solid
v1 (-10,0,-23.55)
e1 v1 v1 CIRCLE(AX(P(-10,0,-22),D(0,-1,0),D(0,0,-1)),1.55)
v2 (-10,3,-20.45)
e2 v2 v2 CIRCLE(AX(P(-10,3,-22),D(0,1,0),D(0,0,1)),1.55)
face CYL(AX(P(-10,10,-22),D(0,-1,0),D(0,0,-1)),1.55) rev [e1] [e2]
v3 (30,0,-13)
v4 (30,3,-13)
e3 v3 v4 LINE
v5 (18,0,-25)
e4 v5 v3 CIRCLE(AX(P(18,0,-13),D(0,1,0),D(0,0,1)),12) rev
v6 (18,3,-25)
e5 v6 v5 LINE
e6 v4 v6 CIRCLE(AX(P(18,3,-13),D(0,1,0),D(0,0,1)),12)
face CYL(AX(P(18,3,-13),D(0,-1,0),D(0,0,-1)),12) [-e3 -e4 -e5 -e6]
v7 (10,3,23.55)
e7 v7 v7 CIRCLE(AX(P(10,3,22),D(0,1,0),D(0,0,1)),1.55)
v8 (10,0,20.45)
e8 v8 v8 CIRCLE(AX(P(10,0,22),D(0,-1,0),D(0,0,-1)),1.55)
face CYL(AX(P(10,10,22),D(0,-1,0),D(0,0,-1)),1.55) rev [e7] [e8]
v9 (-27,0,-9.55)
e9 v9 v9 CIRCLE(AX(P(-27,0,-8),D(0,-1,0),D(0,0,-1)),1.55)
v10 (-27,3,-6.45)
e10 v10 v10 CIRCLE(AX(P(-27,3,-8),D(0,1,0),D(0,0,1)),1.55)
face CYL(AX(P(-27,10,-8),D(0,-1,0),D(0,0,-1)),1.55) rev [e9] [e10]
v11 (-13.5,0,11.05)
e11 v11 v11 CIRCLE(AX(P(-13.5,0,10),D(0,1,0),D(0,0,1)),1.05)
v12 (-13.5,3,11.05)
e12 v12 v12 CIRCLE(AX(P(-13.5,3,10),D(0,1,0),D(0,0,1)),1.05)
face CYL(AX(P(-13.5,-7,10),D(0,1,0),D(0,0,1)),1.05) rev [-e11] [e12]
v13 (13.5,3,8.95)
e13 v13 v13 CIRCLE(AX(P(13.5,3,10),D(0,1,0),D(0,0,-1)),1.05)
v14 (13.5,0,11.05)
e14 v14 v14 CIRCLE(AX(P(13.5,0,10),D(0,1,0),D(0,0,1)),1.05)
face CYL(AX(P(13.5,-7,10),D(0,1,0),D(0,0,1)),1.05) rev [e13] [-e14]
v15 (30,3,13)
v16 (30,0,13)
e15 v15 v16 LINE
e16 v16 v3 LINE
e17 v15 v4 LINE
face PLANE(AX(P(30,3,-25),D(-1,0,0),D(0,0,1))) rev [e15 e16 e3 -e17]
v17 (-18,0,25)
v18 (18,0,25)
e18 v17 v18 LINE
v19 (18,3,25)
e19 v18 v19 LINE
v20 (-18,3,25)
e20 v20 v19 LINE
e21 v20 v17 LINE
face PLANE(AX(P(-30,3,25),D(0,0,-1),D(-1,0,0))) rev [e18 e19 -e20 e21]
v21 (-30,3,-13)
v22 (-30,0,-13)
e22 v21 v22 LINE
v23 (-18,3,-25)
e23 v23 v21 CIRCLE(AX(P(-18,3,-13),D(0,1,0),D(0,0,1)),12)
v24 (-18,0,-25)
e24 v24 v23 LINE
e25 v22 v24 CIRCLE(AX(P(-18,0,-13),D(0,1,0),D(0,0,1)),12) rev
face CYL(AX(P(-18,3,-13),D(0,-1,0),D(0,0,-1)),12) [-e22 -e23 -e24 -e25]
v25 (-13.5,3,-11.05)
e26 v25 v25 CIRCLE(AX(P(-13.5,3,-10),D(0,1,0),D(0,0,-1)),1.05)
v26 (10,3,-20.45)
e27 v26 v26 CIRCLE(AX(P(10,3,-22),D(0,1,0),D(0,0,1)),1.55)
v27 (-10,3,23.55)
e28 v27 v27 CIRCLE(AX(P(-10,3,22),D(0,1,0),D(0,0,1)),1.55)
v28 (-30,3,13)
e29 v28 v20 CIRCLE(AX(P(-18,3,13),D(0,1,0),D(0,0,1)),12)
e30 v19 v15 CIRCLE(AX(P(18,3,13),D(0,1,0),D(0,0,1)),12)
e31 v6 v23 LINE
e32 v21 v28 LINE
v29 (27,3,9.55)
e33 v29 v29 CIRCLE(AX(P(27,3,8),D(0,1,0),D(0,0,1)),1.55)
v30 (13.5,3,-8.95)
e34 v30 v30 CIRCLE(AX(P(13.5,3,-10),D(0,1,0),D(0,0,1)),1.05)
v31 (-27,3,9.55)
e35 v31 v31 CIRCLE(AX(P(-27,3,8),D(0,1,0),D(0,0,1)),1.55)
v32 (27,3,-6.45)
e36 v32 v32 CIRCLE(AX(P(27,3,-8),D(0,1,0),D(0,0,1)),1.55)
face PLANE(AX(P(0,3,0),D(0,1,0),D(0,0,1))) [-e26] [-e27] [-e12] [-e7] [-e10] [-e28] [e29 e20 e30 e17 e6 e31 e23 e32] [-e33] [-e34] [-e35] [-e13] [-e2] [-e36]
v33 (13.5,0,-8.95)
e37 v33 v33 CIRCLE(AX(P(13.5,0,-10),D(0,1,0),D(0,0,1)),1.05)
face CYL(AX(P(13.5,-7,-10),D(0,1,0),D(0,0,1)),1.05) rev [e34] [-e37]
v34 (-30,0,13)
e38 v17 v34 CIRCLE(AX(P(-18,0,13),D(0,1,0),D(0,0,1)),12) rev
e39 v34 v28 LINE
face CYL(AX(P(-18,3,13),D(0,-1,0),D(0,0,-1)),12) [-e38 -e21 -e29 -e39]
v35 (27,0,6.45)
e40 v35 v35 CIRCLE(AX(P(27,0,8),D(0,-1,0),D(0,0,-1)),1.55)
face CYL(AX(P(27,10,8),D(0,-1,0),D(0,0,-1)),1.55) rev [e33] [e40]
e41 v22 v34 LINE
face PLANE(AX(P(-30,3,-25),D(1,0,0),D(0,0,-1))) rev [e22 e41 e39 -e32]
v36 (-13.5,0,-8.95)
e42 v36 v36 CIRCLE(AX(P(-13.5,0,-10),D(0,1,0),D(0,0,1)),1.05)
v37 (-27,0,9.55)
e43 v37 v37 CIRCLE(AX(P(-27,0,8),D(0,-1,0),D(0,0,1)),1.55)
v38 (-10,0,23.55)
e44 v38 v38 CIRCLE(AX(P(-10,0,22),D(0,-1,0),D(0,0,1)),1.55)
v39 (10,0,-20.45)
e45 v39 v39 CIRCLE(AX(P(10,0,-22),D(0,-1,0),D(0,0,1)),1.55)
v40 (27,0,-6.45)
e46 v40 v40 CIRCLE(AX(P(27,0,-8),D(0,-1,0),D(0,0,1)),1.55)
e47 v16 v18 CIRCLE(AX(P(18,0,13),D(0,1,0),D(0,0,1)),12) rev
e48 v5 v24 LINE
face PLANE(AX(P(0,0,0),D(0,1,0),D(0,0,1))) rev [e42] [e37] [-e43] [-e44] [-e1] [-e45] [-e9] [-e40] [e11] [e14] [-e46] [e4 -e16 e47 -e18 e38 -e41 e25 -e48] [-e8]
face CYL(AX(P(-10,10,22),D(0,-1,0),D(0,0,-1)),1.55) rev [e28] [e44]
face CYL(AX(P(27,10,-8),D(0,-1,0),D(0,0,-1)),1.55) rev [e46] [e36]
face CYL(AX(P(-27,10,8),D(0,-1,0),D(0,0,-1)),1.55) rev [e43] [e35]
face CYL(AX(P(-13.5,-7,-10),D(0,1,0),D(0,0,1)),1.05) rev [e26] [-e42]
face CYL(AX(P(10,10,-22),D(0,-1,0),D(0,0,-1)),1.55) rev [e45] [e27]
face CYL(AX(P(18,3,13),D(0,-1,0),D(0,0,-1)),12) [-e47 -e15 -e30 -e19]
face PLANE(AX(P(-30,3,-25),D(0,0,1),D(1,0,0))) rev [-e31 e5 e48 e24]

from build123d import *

# Parameters (mm, degrees)
SKETCH_1_W          = 60
SKETCH_1_H          = 50
EXTRUDE_1_DEPTH     = 3
SKETCH_7_R          = 1.05
CUT_EXTRUDE_1_DEPTH = 10
SKETCH_8_R          = 1.55
CUT_EXTRUDE_2_DEPTH = 10
FILLET_1_R          = 12


with BuildPart() as part:
    # 草图1 → 凸台-拉伸1 (new body)
    with BuildSketch(Plane(origin=(0, 0, 0), x_dir=(1, 0, 0), z_dir=(0, 1, 0))):
        Rectangle(SKETCH_1_W, SKETCH_1_H)
    extrude(amount=EXTRUDE_1_DEPTH)

    # 草图7 → 切除-拉伸1 (cut)
    with BuildSketch(Plane(origin=(0, 3, 0), x_dir=(1, 0, 0), z_dir=(0, 1, 0))):
        with Locations((13.5, 10)):
            Circle(SKETCH_7_R)
        with Locations((-13.5, 10)):
            Circle(SKETCH_7_R)
        with Locations((-13.5, -10)):
            Circle(SKETCH_7_R)
        with Locations((13.5, -10)):
            Circle(SKETCH_7_R)
    extrude(amount=-CUT_EXTRUDE_1_DEPTH, mode=Mode.SUBTRACT)

    # 草图8 → 切除-拉伸2 (cut)
    with BuildSketch(Plane.XZ):
        with Locations((27, 8)):
            Circle(SKETCH_8_R)
        with Locations((10, 22)):
            Circle(SKETCH_8_R)
        with Locations((-10, 22)):
            Circle(SKETCH_8_R)
        with Locations((-27, 8)):
            Circle(SKETCH_8_R)
        with Locations((-27, -8)):
            Circle(SKETCH_8_R)
        with Locations((-10, -22)):
            Circle(SKETCH_8_R)
        with Locations((10, -22)):
            Circle(SKETCH_8_R)
        with Locations((27, -8)):
            Circle(SKETCH_8_R)
    extrude(amount=-CUT_EXTRUDE_2_DEPTH, mode=Mode.SUBTRACT)

    # 圆角1
    fillet_1_edges = [part.edges().sort_by_distance(p)[0] for p in [
        (30, 1.5, 25),
        (-30, 1.5, 25),
        (-30, 1.5, -25),
        (30, 1.5, -25),
    ]]
    fillet(fillet_1_edges, radius=FILLET_1_R)


solid = part.part
